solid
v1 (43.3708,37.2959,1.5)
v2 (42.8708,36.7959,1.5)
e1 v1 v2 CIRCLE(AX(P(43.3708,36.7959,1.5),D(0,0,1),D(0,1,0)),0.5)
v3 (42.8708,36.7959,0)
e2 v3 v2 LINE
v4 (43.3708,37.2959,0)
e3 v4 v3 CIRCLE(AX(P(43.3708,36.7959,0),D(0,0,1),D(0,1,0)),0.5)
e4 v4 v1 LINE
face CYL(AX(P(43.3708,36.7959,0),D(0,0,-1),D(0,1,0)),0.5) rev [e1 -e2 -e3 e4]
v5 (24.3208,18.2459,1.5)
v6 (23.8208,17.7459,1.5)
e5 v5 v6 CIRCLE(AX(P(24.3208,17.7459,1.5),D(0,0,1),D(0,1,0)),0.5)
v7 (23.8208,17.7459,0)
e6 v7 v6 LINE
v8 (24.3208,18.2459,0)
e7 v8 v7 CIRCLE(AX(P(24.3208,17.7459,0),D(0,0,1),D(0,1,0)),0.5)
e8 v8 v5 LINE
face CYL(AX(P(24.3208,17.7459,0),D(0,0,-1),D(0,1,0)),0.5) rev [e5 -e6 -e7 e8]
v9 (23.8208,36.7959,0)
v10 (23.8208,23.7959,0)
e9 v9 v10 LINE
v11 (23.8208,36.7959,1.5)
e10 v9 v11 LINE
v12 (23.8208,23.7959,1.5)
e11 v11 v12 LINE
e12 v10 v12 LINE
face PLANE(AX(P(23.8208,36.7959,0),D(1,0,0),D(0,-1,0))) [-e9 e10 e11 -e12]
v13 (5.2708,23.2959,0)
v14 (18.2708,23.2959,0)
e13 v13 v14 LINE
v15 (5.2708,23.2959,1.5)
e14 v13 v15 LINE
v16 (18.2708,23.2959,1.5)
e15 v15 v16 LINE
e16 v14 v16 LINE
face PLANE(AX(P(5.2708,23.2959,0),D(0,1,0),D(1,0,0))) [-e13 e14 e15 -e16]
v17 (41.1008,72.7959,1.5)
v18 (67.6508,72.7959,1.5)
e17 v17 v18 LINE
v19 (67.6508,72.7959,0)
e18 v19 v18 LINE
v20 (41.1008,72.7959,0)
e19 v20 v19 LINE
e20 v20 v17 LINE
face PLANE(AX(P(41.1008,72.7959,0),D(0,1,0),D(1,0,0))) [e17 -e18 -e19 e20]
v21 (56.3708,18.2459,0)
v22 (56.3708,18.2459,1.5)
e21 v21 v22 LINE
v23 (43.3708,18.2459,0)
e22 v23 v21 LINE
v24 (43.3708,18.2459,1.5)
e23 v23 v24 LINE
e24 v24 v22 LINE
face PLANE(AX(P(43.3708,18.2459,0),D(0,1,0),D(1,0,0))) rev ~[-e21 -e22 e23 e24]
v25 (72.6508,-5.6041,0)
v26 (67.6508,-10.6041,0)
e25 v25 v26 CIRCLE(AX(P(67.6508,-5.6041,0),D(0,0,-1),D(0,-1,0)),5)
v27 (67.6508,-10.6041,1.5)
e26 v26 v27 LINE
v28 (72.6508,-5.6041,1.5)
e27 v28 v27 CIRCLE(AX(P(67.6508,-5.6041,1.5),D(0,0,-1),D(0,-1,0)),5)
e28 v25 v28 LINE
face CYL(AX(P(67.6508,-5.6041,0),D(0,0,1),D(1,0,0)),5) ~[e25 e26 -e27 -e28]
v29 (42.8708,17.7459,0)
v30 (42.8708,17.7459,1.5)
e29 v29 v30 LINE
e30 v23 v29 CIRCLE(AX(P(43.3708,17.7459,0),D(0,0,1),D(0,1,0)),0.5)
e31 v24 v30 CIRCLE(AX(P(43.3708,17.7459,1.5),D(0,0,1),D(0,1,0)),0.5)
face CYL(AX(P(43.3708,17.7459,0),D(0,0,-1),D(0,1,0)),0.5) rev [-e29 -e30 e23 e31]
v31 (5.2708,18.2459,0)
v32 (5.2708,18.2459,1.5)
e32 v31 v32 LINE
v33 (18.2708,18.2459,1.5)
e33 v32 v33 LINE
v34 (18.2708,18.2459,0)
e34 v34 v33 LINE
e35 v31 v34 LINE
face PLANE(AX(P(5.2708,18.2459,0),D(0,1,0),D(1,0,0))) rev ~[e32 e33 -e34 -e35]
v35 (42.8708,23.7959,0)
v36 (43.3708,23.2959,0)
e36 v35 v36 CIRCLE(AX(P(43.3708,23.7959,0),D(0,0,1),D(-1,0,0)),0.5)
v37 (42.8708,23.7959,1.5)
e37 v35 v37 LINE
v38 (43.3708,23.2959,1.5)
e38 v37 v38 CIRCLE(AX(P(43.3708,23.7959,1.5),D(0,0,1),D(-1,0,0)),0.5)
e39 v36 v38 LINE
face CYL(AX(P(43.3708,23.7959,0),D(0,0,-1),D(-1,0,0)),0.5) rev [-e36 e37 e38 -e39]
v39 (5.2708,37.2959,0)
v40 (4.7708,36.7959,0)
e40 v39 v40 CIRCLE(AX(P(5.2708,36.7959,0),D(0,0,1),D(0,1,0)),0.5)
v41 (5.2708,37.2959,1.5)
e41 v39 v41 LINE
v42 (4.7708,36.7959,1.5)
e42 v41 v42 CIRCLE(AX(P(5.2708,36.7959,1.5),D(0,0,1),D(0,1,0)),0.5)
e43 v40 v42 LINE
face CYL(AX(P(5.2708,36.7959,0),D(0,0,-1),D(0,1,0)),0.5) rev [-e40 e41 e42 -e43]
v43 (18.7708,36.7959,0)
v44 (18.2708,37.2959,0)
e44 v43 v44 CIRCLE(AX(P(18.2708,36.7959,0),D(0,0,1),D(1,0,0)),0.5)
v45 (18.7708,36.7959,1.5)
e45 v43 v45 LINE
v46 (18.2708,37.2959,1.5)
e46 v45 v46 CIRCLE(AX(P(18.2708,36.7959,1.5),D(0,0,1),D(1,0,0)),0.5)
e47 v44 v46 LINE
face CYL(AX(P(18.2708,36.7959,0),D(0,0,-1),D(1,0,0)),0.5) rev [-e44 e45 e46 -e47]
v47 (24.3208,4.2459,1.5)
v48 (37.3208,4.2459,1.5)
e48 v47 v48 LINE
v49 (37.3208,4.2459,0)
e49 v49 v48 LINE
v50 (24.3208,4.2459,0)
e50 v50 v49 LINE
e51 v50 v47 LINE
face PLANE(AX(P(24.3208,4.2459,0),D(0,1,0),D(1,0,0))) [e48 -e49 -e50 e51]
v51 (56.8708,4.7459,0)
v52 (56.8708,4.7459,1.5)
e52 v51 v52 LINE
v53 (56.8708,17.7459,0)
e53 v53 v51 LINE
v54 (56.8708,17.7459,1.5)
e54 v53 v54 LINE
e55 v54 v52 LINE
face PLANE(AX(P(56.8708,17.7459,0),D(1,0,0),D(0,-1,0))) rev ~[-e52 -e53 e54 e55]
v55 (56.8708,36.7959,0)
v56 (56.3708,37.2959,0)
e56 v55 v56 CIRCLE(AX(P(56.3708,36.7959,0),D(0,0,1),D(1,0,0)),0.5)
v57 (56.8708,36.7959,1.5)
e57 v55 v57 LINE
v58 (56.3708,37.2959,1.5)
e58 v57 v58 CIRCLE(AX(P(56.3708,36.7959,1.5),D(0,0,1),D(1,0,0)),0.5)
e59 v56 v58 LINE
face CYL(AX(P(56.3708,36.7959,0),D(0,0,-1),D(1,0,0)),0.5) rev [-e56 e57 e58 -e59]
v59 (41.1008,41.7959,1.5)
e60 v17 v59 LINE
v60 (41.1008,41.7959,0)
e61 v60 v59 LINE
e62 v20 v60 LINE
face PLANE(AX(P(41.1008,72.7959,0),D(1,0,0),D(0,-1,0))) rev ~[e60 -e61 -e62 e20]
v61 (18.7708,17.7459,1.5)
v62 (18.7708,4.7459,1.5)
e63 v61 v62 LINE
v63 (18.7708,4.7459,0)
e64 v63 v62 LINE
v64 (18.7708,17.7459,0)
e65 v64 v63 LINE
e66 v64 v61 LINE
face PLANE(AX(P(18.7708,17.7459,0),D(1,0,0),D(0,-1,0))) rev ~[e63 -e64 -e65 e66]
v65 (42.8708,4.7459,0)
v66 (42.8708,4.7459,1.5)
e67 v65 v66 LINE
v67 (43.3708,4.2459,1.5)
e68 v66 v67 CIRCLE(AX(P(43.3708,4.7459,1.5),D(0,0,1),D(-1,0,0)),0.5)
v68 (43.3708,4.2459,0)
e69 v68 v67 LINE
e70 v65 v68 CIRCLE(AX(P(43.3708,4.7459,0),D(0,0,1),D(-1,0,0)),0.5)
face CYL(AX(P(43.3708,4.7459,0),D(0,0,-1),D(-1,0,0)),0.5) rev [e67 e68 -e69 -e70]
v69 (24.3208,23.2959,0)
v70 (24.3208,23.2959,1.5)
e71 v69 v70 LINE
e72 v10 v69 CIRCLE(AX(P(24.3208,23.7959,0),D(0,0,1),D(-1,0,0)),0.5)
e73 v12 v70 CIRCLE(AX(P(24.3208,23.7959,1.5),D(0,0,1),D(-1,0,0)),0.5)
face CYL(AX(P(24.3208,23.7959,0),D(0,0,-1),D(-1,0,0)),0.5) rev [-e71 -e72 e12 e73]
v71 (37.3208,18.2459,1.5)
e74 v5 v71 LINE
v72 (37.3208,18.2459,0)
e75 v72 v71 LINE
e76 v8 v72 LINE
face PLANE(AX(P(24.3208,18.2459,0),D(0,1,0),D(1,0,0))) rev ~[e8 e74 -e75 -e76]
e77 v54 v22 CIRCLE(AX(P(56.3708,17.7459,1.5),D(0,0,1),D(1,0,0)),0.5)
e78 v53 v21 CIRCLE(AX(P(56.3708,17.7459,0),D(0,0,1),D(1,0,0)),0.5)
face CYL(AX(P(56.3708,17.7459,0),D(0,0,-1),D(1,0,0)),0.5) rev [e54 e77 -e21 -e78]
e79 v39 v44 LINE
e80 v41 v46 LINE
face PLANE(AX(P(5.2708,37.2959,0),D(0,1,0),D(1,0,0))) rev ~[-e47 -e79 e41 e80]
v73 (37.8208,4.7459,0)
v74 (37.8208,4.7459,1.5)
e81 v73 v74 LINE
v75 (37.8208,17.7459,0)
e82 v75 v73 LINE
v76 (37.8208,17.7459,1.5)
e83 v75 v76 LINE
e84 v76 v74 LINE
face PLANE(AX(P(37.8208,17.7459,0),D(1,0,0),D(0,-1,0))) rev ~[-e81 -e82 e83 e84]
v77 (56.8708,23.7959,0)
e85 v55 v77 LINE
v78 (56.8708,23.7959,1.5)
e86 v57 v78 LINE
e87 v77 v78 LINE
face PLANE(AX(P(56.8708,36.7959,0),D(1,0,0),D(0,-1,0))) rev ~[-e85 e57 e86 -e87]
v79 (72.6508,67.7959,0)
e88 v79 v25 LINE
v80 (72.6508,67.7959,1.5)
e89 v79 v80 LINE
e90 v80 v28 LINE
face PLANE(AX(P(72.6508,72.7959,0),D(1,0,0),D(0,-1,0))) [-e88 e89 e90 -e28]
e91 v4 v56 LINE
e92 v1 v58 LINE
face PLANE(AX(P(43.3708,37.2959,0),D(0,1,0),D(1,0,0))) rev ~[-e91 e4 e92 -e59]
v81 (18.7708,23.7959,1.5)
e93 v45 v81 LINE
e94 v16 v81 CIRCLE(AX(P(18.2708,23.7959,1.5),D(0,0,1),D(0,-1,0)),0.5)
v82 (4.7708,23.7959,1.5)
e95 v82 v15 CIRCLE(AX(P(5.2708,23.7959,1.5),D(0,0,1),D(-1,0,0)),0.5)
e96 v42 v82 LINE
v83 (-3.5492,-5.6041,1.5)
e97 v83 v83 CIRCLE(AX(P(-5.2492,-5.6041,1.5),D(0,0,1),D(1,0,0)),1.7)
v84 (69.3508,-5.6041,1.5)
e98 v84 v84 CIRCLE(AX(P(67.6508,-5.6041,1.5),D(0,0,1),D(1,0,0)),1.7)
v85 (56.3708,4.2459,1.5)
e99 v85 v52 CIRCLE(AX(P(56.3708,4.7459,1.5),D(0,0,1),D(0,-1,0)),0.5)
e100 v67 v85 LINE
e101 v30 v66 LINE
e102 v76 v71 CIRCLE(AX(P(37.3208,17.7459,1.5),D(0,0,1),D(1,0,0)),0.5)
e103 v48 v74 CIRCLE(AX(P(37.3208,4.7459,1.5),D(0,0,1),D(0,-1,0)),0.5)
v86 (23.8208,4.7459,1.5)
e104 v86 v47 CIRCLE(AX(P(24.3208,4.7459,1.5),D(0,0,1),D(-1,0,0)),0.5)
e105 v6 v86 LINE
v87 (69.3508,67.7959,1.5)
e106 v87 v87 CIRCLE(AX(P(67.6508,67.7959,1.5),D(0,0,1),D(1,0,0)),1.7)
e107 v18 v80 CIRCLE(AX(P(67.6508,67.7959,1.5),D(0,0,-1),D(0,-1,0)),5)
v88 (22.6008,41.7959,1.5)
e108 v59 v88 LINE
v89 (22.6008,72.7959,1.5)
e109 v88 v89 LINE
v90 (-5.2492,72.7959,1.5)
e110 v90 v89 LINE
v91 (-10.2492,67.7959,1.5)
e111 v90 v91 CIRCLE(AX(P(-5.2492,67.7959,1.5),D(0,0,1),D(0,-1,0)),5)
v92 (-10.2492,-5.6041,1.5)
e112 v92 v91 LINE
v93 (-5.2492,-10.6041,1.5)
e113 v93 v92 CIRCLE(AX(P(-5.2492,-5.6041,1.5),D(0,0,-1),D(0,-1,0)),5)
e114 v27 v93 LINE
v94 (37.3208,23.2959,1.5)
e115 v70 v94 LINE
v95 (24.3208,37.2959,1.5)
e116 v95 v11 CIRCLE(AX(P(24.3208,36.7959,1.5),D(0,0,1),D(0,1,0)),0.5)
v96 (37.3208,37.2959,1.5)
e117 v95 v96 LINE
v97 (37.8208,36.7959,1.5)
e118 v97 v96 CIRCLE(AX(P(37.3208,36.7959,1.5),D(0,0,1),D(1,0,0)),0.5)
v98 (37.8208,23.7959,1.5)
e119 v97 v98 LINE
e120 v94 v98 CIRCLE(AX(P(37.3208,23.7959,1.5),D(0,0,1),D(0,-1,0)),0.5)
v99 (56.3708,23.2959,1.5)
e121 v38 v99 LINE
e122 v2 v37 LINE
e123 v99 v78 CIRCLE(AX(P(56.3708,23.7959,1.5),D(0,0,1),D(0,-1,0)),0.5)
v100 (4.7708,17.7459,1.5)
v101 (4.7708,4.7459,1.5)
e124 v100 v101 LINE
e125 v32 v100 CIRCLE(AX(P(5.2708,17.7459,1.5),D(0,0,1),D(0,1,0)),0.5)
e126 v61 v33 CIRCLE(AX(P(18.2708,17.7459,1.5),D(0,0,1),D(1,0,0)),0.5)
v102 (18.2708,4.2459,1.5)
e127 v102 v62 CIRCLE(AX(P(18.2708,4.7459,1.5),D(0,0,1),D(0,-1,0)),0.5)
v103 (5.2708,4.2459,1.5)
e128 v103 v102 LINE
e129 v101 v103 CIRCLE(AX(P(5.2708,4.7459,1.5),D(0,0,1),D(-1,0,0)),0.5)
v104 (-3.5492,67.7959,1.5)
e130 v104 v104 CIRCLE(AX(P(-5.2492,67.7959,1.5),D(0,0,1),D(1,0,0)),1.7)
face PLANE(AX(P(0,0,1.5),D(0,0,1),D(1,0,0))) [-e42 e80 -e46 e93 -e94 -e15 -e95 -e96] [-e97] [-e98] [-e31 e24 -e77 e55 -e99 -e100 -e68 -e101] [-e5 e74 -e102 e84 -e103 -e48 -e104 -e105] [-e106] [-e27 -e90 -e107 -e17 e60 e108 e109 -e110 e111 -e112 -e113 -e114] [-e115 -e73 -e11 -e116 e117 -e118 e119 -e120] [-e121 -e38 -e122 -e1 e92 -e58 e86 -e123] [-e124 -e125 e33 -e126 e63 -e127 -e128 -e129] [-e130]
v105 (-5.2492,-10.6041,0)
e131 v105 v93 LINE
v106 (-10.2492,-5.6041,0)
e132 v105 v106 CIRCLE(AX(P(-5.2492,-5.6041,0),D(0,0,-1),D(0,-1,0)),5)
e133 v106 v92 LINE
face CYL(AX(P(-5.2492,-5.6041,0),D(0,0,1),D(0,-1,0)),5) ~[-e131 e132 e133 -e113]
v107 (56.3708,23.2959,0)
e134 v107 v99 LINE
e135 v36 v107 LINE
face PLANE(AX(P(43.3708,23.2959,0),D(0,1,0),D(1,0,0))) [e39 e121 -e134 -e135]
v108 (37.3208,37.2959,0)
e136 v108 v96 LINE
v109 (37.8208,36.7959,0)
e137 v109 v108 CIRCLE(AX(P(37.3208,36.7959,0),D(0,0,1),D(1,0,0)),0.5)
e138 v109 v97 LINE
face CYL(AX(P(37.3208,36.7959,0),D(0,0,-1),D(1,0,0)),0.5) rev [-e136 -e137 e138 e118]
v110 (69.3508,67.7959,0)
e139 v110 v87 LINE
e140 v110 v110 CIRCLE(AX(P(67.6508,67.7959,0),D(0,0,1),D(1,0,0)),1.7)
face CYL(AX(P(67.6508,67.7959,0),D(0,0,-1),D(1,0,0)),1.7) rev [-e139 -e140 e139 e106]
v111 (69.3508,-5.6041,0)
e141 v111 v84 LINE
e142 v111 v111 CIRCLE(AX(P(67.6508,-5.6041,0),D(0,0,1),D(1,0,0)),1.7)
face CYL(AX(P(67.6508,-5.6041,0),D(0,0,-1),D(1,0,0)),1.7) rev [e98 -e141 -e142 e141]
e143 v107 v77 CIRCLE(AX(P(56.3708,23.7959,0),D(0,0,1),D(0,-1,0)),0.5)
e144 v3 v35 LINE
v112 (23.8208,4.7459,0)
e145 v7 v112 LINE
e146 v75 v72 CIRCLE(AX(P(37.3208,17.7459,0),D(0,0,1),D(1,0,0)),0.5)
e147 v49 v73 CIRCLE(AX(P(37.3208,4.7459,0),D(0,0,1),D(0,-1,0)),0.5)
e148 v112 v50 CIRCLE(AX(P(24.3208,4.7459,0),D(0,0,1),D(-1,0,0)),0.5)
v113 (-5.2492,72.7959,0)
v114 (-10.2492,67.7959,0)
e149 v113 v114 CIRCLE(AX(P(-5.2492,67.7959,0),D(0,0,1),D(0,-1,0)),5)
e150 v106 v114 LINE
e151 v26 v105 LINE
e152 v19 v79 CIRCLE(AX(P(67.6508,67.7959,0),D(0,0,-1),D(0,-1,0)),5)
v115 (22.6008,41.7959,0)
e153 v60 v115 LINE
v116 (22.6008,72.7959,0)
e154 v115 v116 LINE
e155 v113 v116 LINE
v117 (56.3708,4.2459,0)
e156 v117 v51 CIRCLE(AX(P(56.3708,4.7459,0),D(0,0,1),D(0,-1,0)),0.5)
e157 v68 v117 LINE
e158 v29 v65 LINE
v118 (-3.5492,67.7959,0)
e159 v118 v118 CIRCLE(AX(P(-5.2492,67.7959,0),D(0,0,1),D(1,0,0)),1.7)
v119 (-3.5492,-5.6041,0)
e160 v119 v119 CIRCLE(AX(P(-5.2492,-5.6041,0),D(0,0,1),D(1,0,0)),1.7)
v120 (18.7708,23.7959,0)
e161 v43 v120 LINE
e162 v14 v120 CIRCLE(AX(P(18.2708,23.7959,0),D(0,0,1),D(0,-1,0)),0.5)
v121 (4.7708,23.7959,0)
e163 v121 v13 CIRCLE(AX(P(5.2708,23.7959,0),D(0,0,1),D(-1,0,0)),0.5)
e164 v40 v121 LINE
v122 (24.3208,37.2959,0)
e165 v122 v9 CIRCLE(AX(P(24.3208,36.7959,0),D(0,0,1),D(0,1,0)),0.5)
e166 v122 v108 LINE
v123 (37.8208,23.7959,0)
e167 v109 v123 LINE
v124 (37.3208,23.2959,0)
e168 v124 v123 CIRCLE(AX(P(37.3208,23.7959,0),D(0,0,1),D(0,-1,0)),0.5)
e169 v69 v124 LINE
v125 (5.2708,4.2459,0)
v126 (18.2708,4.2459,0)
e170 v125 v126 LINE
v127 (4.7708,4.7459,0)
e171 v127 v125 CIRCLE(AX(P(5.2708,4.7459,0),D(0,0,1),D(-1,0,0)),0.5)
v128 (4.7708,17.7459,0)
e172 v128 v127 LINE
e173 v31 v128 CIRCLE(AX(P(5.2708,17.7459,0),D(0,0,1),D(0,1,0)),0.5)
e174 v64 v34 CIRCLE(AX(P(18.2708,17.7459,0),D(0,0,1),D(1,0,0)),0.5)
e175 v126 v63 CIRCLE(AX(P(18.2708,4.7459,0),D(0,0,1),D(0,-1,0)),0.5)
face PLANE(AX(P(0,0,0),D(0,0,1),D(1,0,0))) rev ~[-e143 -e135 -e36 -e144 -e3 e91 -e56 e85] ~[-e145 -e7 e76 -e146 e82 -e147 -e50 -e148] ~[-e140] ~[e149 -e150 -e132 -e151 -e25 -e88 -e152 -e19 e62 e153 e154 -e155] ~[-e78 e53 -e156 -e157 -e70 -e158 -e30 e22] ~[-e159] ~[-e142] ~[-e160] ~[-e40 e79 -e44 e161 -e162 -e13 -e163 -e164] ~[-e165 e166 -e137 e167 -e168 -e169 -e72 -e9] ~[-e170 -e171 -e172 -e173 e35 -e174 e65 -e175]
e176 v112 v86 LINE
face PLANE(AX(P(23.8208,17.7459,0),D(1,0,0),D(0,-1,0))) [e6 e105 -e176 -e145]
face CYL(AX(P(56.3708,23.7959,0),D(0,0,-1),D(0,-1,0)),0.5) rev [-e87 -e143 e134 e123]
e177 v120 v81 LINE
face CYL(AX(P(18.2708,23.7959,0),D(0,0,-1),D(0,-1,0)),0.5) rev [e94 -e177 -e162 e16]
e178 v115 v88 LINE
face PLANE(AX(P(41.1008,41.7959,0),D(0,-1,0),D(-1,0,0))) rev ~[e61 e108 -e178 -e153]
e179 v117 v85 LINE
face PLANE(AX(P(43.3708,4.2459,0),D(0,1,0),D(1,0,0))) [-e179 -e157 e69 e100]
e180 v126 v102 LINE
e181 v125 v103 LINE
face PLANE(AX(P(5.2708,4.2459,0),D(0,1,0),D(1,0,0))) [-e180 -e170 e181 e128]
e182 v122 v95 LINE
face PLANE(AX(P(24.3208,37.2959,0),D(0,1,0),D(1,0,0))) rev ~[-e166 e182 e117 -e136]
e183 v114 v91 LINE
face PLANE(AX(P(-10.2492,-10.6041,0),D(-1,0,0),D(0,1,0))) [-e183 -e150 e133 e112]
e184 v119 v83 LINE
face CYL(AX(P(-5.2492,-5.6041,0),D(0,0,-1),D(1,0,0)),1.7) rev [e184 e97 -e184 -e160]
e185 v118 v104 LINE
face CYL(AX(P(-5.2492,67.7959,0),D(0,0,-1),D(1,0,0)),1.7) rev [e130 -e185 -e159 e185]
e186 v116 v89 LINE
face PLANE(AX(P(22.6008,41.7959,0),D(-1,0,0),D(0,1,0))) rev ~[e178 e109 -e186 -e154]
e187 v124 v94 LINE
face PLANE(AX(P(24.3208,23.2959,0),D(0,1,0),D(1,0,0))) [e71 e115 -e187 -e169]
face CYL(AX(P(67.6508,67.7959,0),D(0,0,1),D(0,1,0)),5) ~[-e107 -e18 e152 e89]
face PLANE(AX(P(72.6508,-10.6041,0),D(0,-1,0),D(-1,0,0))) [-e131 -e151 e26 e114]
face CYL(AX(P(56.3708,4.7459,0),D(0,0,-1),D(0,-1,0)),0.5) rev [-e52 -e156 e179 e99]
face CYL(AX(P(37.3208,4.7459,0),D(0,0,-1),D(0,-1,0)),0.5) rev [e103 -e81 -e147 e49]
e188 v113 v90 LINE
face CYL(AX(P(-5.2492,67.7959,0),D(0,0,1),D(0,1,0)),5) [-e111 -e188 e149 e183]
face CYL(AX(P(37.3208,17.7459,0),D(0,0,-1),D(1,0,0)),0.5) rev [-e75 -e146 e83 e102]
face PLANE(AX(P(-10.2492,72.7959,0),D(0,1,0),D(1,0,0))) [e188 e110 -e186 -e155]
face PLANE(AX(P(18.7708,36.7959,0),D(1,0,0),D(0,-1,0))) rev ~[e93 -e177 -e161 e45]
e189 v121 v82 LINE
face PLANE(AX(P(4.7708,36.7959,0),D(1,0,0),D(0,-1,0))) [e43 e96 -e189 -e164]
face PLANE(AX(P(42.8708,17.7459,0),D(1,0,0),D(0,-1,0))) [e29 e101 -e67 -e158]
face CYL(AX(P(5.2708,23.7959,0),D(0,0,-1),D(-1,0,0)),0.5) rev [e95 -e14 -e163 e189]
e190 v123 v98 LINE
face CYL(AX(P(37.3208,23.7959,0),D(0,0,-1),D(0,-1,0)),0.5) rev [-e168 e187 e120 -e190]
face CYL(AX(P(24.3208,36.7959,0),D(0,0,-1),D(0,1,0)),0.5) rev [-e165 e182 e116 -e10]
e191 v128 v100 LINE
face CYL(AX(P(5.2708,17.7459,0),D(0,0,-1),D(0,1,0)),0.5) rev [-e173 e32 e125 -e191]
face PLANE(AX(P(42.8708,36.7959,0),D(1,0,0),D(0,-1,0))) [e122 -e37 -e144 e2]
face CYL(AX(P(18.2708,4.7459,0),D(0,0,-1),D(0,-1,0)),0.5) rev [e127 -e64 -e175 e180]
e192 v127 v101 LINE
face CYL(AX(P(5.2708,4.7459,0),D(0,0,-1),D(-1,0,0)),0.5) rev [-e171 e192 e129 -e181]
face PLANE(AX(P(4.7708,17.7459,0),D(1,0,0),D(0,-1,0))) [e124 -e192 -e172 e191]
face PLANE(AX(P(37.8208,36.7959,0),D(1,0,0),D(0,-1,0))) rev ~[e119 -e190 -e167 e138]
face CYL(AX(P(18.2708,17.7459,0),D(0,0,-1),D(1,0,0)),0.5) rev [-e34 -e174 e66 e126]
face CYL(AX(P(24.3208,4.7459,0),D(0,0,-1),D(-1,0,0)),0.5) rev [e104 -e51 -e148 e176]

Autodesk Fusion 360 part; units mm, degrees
sketch "plate-2025-12-30T20_28_05.150Z" plane through (0, 0, 0) normal (0, 0, 1) x (1, 0, 0)
  line L0 (5.2708, 37.2959) -> (18.2708, 37.2959)
  line L1 (5.2708, 23.2959) -> (18.2708, 23.2959)
  line L2 (4.7708, 36.7959) -> (4.7708, 23.7959)
  line L3 (18.7708, 36.7959) -> (18.7708, 23.7959)
  arc A0 (5.2708, 37.2959) -> (4.7708, 36.7959) centre (5.2708, 36.7959) ccw
  arc A1 (18.7708, 36.7959) -> (18.2708, 37.2959) centre (18.2708, 36.7959) ccw
  arc A2 (4.7708, 23.7959) -> (5.2708, 23.2959) centre (5.2708, 23.7959) ccw
  arc A3 (18.2708, 23.2959) -> (18.7708, 23.7959) centre (18.2708, 23.7959) ccw
  line L4 (24.3208, 37.2959) -> (37.3208, 37.2959)
  line L5 (24.3208, 23.2959) -> (37.3208, 23.2959)
  line L6 (23.8208, 36.7959) -> (23.8208, 23.7959)
  line L7 (37.8208, 36.7959) -> (37.8208, 23.7959)
  arc A4 (24.3208, 37.2959) -> (23.8208, 36.7959) centre (24.3208, 36.7959) ccw
  arc A5 (37.8208, 36.7959) -> (37.3208, 37.2959) centre (37.3208, 36.7959) ccw
  arc A6 (23.8208, 23.7959) -> (24.3208, 23.2959) centre (24.3208, 23.7959) ccw
  arc A7 (37.3208, 23.2959) -> (37.8208, 23.7959) centre (37.3208, 23.7959) ccw
  line L8 (43.3708, 37.2959) -> (56.3708, 37.2959)
  line L9 (43.3708, 23.2959) -> (56.3708, 23.2959)
  line L10 (42.8708, 36.7959) -> (42.8708, 23.7959)
  line L11 (56.8708, 36.7959) -> (56.8708, 23.7959)
  arc A8 (43.3708, 37.2959) -> (42.8708, 36.7959) centre (43.3708, 36.7959) ccw
  arc A9 (56.8708, 36.7959) -> (56.3708, 37.2959) centre (56.3708, 36.7959) ccw
  arc A10 (42.8708, 23.7959) -> (43.3708, 23.2959) centre (43.3708, 23.7959) ccw
  arc A11 (56.3708, 23.2959) -> (56.8708, 23.7959) centre (56.3708, 23.7959) ccw
  line L12 (5.2708, 18.2459) -> (18.2708, 18.2459)
  line L13 (5.2708, 4.2459) -> (18.2708, 4.2459)
  line L14 (4.7708, 17.7459) -> (4.7708, 4.7459)
  line L15 (18.7708, 17.7459) -> (18.7708, 4.7459)
  arc A12 (5.2708, 18.2459) -> (4.7708, 17.7459) centre (5.2708, 17.7459) ccw
  arc A13 (18.7708, 17.7459) -> (18.2708, 18.2459) centre (18.2708, 17.7459) ccw
  arc A14 (4.7708, 4.7459) -> (5.2708, 4.2459) centre (5.2708, 4.7459) ccw
  arc A15 (18.2708, 4.2459) -> (18.7708, 4.7459) centre (18.2708, 4.7459) ccw
  line L16 (24.3208, 18.2459) -> (37.3208, 18.2459)
  line L17 (24.3208, 4.2459) -> (37.3208, 4.2459)
  line L18 (23.8208, 17.7459) -> (23.8208, 4.7459)
  line L19 (37.8208, 17.7459) -> (37.8208, 4.7459)
  arc A16 (24.3208, 18.2459) -> (23.8208, 17.7459) centre (24.3208, 17.7459) ccw
  arc A17 (37.8208, 17.7459) -> (37.3208, 18.2459) centre (37.3208, 17.7459) ccw
  arc A18 (23.8208, 4.7459) -> (24.3208, 4.2459) centre (24.3208, 4.7459) ccw
  arc A19 (37.3208, 4.2459) -> (37.8208, 4.7459) centre (37.3208, 4.7459) ccw
  line L20 (43.3708, 18.2459) -> (56.3708, 18.2459)
  line L21 (43.3708, 4.2459) -> (56.3708, 4.2459)
  line L22 (42.8708, 17.7459) -> (42.8708, 4.7459)
  line L23 (56.8708, 17.7459) -> (56.8708, 4.7459)
  arc A20 (43.3708, 18.2459) -> (42.8708, 17.7459) centre (43.3708, 17.7459) ccw
  arc A21 (56.8708, 17.7459) -> (56.3708, 18.2459) centre (56.3708, 17.7459) ccw
  arc A22 (42.8708, 4.7459) -> (43.3708, 4.2459) centre (43.3708, 4.7459) ccw
  arc A23 (56.3708, 4.2459) -> (56.8708, 4.7459) centre (56.3708, 4.7459) ccw
  line L24 (-10.2492, 72.7959) -> (72.6508, 72.7959)
  line L25 (72.6508, 72.7959) -> (72.6508, -10.6041)
  line L26 (72.6508, -10.6041) -> (-10.2492, -10.6041)
  line L27 (-10.2492, -10.6041) -> (-10.2492, 72.7959)
  line L28 (22.6008, 72.7959) -> (41.1008, 72.7959)
  line L29 (41.1008, 72.7959) -> (41.1008, 41.7959)
  line L30 (41.1008, 41.7959) -> (22.6008, 41.7959)
  line L31 (22.6008, 41.7959) -> (22.6008, 72.7959)
  circle A24 centre (-5.2492, 67.7959) radius 1.7
  circle A25 centre (-5.2492, -5.6041) radius 1.7
  circle A26 centre (67.6508, -5.6041) radius 1.7
  circle A27 centre (67.6508, 67.7959) radius 1.7
  dimension "d1" = 82.9
  dimension "d2" = 83.4
  dimension "d3" = 15.02
  dimension "d4" = 14.85
  dimension "d5" = 18.5
  dimension "d6" = 31
  dimension "d7" = 32.85
  dimension "d8" = 3.4
  dimension "d9" = 5
  dimension "d10" = 5
  dimension "d11" = 3.4
  dimension "d12" = 5
  dimension "d13" = 5
  dimension "d14" = 3.4
  dimension "d15" = 5
  dimension "d16" = 5
  dimension "d17" = 3.4
  dimension "d18" = 5
  dimension "d19" = 5
extrude "Extrude1" add sketch "plate-2025-12-30T20_28_05.150Z" along normal blind 1.5 contours L24 L25 L26 L27 L29 L30 L31
fillet "Fillet1" radius 5 4 edges at (72.6508, -10.6041, 0.75) (72.6508, 72.7959, 0.75) (-10.2492, 72.7959, 0.75) (-10.2492, -10.6041, 0.75)
